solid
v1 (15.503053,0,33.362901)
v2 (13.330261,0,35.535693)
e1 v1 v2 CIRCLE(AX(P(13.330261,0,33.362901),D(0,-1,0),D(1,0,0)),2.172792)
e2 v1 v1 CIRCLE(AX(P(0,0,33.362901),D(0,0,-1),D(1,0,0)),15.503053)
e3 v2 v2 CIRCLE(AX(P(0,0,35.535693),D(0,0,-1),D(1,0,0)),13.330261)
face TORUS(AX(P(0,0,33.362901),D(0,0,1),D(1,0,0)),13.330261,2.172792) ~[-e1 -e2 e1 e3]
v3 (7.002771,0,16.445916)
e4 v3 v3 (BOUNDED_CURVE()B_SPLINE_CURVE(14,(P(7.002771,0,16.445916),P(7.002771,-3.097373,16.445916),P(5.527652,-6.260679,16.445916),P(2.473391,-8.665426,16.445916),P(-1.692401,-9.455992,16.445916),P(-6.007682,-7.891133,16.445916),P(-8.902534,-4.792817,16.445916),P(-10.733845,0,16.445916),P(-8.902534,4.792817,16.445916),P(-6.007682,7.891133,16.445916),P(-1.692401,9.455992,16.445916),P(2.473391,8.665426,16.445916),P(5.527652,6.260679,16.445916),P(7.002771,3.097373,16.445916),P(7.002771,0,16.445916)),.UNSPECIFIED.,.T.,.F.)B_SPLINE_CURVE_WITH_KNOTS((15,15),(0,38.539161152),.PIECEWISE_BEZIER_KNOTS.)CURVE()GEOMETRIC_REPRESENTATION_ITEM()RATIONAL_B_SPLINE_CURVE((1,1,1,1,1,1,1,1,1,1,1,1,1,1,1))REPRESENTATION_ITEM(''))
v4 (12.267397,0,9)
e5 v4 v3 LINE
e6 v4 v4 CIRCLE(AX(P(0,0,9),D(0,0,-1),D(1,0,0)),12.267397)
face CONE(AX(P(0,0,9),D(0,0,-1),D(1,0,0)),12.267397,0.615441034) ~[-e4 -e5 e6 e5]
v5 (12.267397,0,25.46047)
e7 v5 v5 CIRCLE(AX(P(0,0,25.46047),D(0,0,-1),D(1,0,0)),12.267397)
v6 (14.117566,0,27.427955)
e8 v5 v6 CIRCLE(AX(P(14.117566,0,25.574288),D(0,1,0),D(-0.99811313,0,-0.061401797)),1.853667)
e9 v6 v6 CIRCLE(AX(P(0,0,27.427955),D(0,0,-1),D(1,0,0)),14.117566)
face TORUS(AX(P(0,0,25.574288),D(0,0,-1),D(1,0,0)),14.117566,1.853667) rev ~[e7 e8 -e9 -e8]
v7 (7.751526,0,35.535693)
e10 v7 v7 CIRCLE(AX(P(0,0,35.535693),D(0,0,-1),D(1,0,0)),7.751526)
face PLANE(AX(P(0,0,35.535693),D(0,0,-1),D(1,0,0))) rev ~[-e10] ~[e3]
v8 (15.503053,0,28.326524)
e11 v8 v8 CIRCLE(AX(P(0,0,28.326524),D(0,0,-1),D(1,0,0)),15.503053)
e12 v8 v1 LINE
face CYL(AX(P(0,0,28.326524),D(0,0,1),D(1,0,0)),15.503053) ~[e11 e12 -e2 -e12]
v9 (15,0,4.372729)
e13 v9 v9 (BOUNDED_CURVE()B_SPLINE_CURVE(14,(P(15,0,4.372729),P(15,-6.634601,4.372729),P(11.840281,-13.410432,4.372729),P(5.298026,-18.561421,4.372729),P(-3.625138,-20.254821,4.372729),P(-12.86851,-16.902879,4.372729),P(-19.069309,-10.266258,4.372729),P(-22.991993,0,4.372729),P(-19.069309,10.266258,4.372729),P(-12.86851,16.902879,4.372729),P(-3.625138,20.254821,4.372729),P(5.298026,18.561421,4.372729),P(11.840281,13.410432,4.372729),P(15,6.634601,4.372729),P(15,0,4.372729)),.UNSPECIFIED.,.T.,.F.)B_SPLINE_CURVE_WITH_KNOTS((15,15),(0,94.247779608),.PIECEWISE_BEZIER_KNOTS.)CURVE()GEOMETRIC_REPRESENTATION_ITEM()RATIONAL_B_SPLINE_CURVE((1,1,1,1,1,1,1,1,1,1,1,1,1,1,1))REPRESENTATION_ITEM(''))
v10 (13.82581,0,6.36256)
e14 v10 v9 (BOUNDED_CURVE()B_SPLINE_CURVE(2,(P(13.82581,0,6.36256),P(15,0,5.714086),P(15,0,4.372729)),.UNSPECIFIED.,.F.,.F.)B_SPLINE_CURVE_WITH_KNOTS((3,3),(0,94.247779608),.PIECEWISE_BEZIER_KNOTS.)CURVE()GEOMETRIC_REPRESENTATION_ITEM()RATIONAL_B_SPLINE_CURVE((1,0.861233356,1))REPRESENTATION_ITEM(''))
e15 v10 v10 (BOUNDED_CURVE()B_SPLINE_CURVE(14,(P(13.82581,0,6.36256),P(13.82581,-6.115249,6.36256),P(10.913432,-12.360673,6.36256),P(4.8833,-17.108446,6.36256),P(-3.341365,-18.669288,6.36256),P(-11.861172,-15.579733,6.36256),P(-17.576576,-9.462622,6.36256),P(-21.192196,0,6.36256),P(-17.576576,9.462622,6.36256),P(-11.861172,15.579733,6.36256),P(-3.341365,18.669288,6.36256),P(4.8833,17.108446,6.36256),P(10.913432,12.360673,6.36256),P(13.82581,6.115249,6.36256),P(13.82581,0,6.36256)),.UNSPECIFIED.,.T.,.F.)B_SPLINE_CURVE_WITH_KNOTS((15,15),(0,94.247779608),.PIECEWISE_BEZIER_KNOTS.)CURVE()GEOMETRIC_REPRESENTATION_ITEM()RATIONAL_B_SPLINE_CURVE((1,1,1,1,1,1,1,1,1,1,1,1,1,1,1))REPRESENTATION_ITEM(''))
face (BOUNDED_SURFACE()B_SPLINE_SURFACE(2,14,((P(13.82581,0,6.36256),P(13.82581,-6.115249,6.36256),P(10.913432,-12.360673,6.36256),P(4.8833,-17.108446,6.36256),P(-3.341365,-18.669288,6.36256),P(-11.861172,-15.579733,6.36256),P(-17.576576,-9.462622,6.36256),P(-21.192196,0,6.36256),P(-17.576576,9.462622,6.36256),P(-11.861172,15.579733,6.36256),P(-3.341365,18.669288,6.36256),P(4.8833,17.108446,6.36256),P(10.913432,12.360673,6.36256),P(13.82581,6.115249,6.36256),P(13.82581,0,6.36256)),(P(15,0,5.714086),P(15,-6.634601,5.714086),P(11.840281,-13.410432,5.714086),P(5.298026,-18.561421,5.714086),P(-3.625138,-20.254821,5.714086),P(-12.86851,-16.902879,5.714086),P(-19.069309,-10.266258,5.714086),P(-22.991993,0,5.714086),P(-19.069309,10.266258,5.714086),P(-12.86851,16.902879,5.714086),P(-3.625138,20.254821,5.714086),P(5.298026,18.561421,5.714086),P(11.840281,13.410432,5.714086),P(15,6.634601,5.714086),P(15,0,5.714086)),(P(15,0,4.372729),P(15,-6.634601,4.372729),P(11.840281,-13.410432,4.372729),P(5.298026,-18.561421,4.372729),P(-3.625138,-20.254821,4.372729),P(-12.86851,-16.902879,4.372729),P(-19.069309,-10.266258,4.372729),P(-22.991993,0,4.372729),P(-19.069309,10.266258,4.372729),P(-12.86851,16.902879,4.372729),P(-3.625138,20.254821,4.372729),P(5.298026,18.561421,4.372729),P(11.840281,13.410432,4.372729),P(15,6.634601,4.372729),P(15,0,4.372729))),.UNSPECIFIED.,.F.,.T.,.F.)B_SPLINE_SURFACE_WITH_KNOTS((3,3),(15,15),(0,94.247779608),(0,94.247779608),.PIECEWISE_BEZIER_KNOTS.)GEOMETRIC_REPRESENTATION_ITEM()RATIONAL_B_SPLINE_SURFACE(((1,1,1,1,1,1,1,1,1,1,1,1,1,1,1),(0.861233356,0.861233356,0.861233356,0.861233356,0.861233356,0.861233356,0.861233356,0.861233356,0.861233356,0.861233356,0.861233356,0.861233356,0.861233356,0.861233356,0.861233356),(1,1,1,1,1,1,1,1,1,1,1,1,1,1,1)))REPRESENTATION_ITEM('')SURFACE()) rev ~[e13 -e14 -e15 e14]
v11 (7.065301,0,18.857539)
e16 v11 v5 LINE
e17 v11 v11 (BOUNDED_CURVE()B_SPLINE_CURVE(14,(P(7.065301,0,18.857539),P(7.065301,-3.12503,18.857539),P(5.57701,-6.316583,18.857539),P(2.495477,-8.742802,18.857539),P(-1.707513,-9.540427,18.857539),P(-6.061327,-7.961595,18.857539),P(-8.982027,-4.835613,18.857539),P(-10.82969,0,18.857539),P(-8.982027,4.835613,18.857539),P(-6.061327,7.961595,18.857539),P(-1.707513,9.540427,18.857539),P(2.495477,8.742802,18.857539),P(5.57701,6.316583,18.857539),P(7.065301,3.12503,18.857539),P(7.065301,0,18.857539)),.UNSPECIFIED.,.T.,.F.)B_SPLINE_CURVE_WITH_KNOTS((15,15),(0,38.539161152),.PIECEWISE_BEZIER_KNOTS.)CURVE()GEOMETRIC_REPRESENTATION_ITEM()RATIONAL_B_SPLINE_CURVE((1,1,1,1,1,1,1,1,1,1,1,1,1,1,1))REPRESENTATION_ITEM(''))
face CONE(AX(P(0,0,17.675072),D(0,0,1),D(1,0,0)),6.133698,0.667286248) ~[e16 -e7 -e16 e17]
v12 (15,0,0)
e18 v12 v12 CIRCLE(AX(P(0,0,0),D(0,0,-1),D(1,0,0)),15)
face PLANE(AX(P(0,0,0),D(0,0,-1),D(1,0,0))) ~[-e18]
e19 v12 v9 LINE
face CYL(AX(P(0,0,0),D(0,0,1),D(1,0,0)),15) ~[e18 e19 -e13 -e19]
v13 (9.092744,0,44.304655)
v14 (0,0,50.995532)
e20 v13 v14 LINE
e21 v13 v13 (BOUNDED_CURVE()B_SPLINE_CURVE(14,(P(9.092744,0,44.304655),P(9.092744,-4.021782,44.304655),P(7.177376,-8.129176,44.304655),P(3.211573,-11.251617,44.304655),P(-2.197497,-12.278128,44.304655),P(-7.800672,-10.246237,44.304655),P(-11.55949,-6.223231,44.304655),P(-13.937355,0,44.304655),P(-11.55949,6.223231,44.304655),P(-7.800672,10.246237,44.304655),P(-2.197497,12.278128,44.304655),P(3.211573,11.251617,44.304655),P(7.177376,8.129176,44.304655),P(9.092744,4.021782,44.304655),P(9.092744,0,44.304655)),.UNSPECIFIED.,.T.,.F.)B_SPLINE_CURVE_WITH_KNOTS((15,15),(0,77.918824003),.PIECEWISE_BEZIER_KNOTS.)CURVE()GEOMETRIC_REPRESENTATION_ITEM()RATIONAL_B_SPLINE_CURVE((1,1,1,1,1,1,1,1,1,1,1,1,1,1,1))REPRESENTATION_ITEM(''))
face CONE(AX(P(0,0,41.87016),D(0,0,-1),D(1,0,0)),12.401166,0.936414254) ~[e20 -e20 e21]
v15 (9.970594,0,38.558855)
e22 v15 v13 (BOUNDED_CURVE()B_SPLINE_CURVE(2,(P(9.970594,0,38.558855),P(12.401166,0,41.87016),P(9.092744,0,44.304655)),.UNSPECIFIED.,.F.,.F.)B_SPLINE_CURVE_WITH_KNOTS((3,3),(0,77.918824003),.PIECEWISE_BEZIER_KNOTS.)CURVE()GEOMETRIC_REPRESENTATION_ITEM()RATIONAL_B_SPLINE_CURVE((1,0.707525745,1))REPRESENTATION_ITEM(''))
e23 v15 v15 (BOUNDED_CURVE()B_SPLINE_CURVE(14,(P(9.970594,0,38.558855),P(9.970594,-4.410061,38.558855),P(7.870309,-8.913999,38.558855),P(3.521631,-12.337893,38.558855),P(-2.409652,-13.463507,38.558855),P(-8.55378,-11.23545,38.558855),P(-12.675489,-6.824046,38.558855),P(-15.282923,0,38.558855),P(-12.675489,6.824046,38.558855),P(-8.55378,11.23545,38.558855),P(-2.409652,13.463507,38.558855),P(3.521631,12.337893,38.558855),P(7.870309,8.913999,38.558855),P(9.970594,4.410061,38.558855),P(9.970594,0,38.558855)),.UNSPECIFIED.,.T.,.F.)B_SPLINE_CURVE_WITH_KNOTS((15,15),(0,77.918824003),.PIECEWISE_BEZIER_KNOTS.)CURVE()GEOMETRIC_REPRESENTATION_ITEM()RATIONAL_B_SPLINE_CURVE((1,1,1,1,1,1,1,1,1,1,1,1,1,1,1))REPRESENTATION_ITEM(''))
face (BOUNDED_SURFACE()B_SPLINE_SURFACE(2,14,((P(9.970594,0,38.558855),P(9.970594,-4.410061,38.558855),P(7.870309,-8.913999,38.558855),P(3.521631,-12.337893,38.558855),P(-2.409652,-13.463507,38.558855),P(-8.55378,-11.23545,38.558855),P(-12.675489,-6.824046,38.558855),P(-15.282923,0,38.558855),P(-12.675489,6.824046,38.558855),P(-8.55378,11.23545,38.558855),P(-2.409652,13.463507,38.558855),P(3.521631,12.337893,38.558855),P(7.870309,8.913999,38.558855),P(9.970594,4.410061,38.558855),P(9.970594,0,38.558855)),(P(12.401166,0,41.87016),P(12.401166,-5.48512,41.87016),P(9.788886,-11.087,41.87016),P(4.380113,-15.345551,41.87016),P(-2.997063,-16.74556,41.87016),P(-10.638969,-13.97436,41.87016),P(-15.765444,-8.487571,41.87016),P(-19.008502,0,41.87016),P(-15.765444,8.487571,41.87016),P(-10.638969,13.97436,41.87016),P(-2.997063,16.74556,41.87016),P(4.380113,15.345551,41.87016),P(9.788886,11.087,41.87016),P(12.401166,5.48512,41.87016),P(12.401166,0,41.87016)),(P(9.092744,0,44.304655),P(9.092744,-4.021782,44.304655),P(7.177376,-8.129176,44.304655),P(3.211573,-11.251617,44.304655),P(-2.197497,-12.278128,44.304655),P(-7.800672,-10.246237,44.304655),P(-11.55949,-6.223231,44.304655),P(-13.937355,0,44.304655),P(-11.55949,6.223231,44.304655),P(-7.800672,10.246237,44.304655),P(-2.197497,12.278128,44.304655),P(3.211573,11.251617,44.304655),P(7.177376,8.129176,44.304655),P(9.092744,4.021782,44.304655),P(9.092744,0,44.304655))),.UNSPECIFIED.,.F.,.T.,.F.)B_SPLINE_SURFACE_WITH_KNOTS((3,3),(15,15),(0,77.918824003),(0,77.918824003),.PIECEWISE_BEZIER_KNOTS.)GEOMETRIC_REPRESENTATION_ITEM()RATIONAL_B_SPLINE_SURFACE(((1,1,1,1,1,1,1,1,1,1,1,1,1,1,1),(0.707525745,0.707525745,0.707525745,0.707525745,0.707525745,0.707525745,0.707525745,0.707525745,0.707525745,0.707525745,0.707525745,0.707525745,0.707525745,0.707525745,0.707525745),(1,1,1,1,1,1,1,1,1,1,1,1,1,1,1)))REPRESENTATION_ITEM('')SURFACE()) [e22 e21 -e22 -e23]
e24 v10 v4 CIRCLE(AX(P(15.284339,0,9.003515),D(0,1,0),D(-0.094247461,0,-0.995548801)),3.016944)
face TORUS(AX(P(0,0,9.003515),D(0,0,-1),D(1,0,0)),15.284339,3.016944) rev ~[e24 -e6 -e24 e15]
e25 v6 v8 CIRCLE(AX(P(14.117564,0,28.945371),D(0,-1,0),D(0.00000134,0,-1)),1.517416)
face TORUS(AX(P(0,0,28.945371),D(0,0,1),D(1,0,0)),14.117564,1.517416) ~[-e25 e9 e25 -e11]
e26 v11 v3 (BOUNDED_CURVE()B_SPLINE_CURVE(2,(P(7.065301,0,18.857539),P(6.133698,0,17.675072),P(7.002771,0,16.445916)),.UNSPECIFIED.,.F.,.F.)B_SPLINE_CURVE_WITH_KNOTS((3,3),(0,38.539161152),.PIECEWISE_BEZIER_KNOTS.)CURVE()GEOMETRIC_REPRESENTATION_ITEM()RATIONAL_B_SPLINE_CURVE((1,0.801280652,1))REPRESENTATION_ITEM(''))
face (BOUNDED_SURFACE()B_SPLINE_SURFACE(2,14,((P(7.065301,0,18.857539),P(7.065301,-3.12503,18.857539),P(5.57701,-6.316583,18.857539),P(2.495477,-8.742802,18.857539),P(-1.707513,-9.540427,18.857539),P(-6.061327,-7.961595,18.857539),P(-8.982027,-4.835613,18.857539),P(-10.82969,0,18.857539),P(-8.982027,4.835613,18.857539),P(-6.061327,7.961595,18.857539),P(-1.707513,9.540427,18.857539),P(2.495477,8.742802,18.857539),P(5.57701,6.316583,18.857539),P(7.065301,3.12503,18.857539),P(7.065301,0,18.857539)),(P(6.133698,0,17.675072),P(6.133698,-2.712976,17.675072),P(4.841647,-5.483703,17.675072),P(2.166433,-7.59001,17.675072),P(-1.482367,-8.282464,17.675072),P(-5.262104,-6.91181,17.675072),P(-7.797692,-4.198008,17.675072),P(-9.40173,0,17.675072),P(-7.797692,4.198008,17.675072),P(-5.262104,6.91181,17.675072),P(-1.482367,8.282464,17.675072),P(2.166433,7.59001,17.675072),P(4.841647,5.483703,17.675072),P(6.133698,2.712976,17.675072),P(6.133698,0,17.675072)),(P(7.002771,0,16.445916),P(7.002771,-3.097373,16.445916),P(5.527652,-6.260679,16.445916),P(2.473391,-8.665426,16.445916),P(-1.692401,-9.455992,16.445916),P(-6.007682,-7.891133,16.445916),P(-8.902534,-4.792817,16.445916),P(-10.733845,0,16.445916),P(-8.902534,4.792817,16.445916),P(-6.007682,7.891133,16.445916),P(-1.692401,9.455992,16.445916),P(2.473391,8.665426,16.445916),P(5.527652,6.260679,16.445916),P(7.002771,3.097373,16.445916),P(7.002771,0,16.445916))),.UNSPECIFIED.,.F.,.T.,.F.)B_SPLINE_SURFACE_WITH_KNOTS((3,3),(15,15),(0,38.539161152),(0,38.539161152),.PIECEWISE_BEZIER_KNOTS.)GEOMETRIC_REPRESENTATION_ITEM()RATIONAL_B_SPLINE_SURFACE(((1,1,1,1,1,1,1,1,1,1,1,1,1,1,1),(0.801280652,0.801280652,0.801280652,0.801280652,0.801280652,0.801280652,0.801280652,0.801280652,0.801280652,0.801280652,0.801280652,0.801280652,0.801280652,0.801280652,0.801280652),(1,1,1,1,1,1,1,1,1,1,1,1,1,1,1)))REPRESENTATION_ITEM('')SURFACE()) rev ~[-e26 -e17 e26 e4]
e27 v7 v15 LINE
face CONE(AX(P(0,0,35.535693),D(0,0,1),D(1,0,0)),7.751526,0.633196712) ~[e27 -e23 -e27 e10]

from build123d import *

# Parameters (mm, degrees)
F2_R = 2.172792
F3_R = 2.016112
F4_R = 2.27312
F5_R = 4.112477


with BuildPart() as f1:
    # F0 (on Front) → F1 (revolve)
    with BuildSketch(Plane.XZ):
        with BuildLine():
            Line((0, 50.995532), (0, 0))
            Line((0, 0), (15, 0))
            Line((15, 0), (15, 6))
            ThreePointArc((15, 6), (13.053955, 6.97193), (12.267397, 9))
            Line((12.267397, 9), (6.133698, 17.675072))
            Line((6.133698, 17.675072), (12.267397, 25.46047))
            ThreePointArc((12.267397, 25.46047), (12.767184, 26.84415), (14.117566, 27.427955))
            ThreePointArc((14.117566, 27.427955), (14.943247, 27.672265), (15.503053, 28.326524))
            Line((15.503053, 28.326524), (15.503053, 35.535693))
            Line((15.503053, 35.535693), (7.751526, 35.535693))
            Line((7.751526, 35.535693), (12.401166, 41.87016))
            Line((12.401166, 41.87016), (0, 50.995532))
        make_face()
    revolve(axis=Axis((0, 0, 25.497766), (0, 0, -1)))

    # F2
    f2_edges = [f1.edges().sort_by_distance(p)[0] for p in [
        (-15.503053, 0, 35.535693),
    ]]
    fillet(f2_edges, radius=F2_R)

    # F3
    f3_edges = [f1.edges().sort_by_distance(p)[0] for p in [
        (-6.133698, 0, 17.675072),
    ]]
    fillet(f3_edges, radius=F3_R)

    # F4
    f4_edges = [f1.edges().sort_by_distance(p)[0] for p in [
        (-15, 0, 6),
    ]]
    fillet(f4_edges, radius=F4_R)

    # F5
    f5_edges = [f1.edges().sort_by_distance(p)[0] for p in [
        (-12.401166, 0, 41.87016),
    ]]
    fillet(f5_edges, radius=F5_R)


solid = f1.part
